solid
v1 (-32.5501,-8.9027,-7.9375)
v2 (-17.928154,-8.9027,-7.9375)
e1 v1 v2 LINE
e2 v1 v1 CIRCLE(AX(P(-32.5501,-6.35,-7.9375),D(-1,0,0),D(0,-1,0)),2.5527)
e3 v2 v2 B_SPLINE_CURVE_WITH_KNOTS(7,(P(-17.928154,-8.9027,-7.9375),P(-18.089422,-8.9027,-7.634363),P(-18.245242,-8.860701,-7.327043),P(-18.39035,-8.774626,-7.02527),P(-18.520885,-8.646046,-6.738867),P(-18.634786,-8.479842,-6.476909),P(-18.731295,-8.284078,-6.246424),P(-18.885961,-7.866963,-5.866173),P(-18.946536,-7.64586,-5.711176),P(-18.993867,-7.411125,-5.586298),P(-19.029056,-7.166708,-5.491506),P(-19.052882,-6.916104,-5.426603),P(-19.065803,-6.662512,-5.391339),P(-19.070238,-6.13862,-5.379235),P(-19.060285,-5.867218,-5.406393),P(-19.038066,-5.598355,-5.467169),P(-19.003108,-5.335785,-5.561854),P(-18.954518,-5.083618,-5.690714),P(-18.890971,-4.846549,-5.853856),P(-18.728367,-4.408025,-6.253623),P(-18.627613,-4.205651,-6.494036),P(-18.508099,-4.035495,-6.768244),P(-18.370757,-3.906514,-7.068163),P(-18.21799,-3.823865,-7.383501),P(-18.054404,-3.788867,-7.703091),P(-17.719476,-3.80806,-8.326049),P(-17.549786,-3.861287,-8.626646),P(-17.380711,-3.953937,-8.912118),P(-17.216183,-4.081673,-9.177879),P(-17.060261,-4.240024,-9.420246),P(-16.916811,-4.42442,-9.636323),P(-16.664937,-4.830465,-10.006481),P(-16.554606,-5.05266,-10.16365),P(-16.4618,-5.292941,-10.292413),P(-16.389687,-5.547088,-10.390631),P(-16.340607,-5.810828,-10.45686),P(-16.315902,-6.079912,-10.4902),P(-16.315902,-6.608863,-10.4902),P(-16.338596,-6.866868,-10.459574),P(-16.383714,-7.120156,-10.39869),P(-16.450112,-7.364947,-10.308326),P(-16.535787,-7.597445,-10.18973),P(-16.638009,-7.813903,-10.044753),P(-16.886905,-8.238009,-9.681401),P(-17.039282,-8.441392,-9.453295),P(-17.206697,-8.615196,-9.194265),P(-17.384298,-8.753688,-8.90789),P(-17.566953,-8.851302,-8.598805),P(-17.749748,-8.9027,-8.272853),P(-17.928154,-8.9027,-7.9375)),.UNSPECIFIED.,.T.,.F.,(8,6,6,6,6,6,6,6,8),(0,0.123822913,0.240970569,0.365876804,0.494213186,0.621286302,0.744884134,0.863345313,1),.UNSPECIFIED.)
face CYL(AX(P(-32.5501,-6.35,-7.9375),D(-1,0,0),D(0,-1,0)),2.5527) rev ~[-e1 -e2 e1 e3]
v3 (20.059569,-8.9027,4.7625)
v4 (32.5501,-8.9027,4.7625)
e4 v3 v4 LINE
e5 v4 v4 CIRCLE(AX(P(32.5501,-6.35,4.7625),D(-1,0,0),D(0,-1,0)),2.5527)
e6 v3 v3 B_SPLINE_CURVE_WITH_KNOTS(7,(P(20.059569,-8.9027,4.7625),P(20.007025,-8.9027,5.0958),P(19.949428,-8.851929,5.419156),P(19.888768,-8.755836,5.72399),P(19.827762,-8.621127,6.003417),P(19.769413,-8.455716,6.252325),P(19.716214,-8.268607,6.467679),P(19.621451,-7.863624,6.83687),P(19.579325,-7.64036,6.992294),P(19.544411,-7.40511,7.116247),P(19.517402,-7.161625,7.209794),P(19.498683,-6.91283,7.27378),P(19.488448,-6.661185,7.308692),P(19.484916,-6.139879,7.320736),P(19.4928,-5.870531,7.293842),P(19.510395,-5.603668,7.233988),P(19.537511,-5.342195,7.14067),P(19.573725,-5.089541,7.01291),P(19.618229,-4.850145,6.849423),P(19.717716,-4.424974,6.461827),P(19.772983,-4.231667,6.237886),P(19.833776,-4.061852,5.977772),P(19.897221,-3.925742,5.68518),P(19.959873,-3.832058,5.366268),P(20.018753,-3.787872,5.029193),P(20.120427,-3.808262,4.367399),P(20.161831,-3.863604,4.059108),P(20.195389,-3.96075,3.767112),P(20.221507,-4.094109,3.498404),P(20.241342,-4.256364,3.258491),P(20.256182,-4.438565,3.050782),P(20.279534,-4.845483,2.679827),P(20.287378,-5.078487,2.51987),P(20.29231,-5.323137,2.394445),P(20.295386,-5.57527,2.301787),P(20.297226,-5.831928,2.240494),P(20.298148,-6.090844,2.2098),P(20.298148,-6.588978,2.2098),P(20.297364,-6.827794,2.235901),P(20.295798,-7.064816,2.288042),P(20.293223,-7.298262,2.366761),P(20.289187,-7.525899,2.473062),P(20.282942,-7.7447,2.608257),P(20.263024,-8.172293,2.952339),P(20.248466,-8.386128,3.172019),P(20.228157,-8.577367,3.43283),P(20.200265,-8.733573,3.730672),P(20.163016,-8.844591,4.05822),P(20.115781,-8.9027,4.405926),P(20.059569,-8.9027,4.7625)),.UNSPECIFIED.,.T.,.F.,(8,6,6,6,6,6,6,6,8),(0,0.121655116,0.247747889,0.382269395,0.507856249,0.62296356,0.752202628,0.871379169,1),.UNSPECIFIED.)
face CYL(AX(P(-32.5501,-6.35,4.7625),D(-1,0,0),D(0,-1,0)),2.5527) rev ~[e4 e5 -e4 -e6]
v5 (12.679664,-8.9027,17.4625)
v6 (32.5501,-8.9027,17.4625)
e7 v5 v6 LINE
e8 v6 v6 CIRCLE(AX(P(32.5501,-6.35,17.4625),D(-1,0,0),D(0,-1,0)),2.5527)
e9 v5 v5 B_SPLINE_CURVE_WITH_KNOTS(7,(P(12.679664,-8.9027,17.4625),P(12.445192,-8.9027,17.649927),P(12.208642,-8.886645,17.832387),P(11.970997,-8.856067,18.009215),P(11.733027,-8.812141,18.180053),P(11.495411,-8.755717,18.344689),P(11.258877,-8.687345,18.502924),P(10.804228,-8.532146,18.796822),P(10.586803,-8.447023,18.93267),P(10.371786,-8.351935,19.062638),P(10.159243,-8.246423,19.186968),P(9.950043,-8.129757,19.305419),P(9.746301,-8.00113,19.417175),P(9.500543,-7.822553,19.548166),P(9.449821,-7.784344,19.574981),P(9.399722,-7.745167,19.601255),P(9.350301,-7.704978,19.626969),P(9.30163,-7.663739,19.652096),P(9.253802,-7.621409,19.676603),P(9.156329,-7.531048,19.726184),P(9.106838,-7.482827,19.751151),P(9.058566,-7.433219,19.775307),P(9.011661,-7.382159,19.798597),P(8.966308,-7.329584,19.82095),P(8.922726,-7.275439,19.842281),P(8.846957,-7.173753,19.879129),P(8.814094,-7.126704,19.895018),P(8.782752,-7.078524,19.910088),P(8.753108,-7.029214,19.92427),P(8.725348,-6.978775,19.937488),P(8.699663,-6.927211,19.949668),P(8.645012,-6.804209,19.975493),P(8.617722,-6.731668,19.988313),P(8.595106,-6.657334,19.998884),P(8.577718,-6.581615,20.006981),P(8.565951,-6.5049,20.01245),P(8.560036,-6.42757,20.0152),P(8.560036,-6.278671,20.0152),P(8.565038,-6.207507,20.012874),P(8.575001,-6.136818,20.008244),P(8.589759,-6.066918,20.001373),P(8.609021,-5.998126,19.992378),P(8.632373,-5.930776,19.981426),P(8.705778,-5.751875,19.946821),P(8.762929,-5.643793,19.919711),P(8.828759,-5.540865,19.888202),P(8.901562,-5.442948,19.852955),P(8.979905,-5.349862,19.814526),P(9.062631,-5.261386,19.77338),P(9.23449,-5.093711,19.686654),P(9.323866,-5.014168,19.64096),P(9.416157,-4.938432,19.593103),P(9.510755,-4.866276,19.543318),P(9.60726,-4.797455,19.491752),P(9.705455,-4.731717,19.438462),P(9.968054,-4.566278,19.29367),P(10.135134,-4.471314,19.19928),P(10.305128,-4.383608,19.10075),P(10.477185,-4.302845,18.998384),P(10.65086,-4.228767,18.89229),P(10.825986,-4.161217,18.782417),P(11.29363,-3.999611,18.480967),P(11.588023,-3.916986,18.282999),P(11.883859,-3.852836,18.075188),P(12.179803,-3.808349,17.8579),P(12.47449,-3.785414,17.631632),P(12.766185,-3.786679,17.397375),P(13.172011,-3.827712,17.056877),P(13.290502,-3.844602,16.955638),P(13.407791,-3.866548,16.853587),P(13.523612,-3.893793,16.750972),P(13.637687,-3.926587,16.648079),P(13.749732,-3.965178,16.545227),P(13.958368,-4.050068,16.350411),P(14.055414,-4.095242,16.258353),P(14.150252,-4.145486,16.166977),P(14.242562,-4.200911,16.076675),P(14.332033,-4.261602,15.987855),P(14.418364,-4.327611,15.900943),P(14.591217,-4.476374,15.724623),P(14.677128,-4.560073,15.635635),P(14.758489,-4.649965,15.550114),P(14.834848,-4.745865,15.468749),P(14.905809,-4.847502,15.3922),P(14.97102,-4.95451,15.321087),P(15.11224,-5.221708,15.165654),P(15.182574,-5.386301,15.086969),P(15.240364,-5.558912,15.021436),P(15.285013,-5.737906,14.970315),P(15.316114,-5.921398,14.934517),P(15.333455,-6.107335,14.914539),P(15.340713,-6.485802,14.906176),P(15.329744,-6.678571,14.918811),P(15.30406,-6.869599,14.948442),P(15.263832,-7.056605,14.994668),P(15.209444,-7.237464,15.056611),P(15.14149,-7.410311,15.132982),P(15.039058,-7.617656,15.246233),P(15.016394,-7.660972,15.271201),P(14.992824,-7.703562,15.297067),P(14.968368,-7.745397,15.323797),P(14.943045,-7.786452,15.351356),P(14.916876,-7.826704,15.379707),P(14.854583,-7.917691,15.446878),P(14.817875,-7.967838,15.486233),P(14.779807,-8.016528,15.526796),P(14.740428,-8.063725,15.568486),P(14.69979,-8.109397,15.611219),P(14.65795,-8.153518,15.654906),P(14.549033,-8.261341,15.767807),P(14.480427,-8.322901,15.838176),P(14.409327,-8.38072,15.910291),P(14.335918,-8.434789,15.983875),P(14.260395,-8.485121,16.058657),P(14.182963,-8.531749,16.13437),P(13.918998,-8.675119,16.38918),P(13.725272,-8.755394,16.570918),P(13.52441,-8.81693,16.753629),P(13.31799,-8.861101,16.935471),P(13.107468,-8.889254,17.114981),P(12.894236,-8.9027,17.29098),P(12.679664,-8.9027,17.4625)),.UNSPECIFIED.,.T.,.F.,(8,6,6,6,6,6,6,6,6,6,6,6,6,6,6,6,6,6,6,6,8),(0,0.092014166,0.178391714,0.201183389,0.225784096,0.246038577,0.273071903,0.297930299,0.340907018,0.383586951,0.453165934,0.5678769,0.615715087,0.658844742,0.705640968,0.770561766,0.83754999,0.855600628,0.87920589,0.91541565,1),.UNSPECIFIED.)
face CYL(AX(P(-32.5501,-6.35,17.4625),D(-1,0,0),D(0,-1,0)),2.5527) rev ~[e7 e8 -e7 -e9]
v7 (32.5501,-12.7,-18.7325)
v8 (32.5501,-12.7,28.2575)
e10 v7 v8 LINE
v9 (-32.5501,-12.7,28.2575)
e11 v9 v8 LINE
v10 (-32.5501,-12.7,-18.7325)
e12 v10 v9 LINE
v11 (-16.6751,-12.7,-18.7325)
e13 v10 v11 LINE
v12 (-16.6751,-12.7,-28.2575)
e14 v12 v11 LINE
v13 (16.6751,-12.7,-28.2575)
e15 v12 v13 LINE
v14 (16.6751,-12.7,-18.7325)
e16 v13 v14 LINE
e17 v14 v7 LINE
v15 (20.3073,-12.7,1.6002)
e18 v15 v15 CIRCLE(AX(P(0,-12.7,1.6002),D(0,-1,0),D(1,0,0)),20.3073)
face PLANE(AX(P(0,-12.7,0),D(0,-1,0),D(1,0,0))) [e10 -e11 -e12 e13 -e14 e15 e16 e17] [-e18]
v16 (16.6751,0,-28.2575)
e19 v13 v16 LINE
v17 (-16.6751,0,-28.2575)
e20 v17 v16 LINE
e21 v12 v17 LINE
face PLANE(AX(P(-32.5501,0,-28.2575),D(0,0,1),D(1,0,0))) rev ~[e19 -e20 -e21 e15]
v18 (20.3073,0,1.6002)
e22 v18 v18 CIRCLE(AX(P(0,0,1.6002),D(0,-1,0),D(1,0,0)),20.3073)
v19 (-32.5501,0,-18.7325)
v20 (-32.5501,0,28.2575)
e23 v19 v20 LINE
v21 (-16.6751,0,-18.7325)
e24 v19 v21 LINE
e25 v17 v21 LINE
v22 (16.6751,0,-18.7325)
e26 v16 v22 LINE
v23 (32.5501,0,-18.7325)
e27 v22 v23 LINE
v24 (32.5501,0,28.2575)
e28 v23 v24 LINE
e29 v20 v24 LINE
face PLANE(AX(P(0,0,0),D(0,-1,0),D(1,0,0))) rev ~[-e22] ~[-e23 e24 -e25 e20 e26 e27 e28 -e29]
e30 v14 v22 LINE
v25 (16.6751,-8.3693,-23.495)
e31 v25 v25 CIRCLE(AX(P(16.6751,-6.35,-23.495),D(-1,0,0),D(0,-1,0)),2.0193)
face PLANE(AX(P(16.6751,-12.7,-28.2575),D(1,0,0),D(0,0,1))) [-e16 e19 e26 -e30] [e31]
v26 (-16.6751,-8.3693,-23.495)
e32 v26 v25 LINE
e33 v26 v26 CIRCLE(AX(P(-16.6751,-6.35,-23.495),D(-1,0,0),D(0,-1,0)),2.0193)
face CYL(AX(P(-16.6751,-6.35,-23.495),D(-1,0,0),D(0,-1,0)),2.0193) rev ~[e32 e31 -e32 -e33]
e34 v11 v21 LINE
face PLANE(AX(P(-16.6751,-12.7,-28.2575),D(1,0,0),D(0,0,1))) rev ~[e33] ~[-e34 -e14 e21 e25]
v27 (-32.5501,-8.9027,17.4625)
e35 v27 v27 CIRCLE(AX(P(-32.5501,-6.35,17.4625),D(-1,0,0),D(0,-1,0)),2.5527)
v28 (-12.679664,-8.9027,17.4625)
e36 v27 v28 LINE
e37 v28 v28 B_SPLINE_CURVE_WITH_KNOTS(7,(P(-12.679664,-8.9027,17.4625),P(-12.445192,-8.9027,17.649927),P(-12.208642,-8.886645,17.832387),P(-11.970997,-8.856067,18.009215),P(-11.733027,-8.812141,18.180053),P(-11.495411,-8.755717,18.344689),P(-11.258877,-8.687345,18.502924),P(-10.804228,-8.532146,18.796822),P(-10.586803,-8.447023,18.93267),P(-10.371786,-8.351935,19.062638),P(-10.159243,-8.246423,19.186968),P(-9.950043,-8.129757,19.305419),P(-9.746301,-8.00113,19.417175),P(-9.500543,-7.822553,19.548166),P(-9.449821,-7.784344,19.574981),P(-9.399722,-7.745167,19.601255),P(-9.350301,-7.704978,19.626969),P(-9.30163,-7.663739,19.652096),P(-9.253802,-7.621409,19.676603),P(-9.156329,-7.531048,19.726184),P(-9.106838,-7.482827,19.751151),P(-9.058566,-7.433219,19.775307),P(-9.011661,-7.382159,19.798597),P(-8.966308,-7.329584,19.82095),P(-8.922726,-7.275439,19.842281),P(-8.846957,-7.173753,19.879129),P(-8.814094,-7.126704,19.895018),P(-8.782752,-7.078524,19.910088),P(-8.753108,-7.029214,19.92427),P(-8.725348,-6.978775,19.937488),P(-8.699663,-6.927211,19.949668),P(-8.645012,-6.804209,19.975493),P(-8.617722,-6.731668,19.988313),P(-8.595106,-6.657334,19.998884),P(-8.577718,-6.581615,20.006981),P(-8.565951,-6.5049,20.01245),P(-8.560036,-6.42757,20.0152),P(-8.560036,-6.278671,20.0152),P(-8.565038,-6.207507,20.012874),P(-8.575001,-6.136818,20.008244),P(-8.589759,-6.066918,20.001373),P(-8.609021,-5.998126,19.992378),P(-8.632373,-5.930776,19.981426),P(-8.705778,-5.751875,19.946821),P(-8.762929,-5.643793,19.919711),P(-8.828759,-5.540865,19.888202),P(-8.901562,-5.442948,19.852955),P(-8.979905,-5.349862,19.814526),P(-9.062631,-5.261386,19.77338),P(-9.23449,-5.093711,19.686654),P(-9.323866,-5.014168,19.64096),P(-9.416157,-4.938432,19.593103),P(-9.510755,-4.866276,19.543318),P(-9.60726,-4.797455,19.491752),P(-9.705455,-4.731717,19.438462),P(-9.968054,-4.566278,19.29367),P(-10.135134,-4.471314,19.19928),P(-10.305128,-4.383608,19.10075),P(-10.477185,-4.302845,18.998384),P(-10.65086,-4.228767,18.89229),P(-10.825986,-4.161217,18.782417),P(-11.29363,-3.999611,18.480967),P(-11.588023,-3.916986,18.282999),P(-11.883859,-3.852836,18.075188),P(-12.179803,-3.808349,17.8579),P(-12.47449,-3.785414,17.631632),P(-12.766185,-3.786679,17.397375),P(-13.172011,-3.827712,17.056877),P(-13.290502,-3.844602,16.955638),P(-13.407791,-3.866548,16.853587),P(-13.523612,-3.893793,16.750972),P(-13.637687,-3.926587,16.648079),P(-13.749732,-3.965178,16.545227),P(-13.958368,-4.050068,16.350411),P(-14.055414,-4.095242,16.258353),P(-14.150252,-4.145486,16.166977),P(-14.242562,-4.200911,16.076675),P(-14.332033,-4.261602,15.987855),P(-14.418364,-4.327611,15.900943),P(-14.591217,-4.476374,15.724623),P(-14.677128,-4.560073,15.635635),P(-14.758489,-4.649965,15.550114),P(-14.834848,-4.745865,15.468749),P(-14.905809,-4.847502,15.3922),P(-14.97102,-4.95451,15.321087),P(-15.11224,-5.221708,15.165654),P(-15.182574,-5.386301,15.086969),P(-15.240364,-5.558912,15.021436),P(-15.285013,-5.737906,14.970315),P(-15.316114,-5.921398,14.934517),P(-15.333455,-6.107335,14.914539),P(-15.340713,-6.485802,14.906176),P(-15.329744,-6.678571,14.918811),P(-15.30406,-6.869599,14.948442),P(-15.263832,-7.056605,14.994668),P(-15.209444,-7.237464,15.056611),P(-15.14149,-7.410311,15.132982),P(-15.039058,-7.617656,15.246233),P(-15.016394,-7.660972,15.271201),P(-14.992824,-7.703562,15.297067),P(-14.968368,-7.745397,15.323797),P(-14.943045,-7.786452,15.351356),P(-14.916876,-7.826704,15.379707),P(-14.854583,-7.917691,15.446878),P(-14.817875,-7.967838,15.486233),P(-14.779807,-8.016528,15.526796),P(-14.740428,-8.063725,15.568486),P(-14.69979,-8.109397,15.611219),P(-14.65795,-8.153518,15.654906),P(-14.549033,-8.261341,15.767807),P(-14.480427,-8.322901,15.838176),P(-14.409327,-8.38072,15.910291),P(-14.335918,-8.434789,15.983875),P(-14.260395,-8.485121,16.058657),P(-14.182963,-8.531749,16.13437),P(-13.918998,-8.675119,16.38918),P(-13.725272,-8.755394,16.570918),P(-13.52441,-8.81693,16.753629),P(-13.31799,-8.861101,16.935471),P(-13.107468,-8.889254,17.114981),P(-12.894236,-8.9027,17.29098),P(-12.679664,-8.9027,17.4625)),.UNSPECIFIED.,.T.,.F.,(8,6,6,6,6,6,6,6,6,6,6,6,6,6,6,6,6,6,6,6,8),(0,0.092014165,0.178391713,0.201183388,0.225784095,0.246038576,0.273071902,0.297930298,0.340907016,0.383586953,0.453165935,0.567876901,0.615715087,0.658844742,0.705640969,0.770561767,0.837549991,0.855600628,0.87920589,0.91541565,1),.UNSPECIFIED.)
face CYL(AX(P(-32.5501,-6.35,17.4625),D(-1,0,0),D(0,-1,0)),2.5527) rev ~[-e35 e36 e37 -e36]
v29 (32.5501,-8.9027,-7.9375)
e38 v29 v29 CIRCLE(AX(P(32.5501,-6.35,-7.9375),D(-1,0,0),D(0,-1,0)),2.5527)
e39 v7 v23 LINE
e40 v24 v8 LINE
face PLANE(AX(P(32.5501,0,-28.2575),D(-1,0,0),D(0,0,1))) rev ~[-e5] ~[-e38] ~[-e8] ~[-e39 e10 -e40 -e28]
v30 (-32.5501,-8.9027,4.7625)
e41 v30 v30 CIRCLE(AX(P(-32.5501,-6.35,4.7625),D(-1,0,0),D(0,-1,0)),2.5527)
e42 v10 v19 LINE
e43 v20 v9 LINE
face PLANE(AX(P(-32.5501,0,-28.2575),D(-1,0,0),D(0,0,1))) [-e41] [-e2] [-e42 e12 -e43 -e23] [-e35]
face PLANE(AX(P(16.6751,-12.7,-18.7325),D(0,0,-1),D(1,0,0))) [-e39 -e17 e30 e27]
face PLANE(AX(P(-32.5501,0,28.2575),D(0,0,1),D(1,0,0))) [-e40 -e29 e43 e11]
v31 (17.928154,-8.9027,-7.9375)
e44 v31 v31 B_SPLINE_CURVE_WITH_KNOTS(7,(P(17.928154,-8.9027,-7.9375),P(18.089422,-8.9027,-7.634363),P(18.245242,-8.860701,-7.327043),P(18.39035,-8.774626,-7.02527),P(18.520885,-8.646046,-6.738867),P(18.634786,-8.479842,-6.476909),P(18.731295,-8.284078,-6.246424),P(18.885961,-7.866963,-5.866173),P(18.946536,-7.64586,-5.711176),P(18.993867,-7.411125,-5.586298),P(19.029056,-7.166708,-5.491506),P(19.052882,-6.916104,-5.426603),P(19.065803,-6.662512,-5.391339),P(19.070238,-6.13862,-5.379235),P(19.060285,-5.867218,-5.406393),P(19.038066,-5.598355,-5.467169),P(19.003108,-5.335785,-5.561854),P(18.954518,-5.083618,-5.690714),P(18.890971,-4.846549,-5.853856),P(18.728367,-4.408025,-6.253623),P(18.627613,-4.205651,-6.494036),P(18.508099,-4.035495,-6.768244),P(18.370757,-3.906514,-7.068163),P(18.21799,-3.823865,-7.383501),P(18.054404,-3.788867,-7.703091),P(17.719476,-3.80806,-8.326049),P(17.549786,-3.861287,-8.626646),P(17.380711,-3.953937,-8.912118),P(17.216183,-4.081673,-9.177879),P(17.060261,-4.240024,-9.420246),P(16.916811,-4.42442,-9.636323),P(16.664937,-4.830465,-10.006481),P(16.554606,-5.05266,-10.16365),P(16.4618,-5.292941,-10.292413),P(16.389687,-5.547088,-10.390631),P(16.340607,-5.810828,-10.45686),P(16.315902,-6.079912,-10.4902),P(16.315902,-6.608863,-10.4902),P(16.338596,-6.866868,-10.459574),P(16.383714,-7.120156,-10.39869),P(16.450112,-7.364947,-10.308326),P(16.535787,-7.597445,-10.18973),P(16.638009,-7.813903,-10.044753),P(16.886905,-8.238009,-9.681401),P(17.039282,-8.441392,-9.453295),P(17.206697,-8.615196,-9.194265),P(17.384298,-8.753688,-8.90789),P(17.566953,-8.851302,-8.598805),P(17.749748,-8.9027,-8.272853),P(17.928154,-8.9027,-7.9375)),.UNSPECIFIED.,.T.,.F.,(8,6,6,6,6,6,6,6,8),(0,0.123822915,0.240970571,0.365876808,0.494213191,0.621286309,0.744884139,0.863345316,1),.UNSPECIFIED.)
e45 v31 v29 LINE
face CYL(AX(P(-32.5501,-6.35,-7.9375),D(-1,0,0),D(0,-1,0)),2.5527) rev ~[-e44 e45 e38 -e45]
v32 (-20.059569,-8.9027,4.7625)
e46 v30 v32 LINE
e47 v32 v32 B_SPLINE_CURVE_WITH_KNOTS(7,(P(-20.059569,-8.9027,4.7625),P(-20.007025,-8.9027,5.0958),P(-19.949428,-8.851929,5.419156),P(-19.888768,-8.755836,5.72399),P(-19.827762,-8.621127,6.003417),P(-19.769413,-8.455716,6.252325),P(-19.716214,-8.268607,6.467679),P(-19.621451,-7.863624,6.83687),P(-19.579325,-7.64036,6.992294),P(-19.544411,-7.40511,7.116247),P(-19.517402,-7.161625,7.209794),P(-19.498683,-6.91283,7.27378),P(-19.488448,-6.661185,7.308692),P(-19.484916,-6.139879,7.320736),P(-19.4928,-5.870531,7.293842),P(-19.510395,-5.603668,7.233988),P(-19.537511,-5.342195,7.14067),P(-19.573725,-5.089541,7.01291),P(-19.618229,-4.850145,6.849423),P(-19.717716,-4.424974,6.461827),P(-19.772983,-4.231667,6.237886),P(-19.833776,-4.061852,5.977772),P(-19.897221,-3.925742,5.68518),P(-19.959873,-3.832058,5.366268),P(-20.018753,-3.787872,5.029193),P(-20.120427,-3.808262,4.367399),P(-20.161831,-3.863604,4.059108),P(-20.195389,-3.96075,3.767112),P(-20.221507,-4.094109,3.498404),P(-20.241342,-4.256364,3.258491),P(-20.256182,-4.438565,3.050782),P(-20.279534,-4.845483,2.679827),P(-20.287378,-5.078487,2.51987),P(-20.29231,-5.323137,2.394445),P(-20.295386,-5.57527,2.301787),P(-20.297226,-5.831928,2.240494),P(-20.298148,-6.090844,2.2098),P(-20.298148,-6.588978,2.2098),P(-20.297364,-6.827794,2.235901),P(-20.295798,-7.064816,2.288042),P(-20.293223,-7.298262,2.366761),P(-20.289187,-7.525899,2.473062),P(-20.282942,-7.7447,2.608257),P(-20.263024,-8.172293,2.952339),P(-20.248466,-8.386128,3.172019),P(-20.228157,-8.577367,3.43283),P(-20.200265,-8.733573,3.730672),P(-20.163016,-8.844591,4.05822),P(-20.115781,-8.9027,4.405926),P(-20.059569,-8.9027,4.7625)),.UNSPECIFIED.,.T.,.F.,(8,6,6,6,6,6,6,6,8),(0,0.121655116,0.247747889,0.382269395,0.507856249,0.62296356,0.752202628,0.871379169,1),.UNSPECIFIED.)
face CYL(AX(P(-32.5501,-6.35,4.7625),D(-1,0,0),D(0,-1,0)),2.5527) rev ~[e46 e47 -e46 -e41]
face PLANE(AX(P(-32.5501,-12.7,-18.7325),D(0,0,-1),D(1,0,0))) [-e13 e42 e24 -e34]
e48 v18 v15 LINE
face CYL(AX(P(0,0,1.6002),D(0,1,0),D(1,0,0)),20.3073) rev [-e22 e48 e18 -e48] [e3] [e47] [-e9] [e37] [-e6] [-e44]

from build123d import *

# Parameters (mm, degrees)
F0_W     = 65.1002
F0_H     = 56.515
F0_R     = 20.3073
F1_DEPTH = 12.7
F2_W     = 15.875
F2_H     = 9.525
F3_DEPTH = 12.701
F4_R     = 2.5527
F5_DEPTH = 65.1012
F6_R     = 2.0193
F7_DEPTH = 49.2262


with BuildPart() as f1:
    # F0 (on Front) → F1 (new body)
    with BuildSketch(Plane.XZ):
        Rectangle(F0_W, F0_H)
        with Locations((0, 1.6002)):
            Circle(F0_R, mode=Mode.SUBTRACT)
    extrude(amount=F1_DEPTH)

    # F2 (on face) → F3 (cut, through all)
    with BuildSketch(Plane.XZ.offset(12.7)):
        with Locations((-24.6126, -23.495)):
            Rectangle(F2_W, F2_H)
        with Locations((24.6126, -23.495)):
            Rectangle(F2_W, F2_H)
    extrude(amount=-F3_DEPTH, mode=Mode.SUBTRACT)

    # F4 (on face) → F5 (cut, through all)
    with BuildSketch(Plane(origin=(-32.5501, 0, 0), x_dir=(0, -1, 0), z_dir=(-1, 0, 0))):
        with Locations((6.35, 17.4625)):
            Circle(F4_R)
        with Locations((6.35, -7.9375)):
            Circle(F4_R)
        with Locations((6.35, 4.7625)):
            Circle(F4_R)
    extrude(amount=-F5_DEPTH, mode=Mode.SUBTRACT)

    # F6 (on face) → F7 (cut, through all)
    with BuildSketch(Plane(origin=(-16.6751, 0, 0), x_dir=(0, -1, 0), z_dir=(-1, 0, 0))):
        with Locations((6.35, -23.495)):
            Circle(F6_R)
    extrude(amount=-F7_DEPTH, mode=Mode.SUBTRACT)


solid = f1.part
